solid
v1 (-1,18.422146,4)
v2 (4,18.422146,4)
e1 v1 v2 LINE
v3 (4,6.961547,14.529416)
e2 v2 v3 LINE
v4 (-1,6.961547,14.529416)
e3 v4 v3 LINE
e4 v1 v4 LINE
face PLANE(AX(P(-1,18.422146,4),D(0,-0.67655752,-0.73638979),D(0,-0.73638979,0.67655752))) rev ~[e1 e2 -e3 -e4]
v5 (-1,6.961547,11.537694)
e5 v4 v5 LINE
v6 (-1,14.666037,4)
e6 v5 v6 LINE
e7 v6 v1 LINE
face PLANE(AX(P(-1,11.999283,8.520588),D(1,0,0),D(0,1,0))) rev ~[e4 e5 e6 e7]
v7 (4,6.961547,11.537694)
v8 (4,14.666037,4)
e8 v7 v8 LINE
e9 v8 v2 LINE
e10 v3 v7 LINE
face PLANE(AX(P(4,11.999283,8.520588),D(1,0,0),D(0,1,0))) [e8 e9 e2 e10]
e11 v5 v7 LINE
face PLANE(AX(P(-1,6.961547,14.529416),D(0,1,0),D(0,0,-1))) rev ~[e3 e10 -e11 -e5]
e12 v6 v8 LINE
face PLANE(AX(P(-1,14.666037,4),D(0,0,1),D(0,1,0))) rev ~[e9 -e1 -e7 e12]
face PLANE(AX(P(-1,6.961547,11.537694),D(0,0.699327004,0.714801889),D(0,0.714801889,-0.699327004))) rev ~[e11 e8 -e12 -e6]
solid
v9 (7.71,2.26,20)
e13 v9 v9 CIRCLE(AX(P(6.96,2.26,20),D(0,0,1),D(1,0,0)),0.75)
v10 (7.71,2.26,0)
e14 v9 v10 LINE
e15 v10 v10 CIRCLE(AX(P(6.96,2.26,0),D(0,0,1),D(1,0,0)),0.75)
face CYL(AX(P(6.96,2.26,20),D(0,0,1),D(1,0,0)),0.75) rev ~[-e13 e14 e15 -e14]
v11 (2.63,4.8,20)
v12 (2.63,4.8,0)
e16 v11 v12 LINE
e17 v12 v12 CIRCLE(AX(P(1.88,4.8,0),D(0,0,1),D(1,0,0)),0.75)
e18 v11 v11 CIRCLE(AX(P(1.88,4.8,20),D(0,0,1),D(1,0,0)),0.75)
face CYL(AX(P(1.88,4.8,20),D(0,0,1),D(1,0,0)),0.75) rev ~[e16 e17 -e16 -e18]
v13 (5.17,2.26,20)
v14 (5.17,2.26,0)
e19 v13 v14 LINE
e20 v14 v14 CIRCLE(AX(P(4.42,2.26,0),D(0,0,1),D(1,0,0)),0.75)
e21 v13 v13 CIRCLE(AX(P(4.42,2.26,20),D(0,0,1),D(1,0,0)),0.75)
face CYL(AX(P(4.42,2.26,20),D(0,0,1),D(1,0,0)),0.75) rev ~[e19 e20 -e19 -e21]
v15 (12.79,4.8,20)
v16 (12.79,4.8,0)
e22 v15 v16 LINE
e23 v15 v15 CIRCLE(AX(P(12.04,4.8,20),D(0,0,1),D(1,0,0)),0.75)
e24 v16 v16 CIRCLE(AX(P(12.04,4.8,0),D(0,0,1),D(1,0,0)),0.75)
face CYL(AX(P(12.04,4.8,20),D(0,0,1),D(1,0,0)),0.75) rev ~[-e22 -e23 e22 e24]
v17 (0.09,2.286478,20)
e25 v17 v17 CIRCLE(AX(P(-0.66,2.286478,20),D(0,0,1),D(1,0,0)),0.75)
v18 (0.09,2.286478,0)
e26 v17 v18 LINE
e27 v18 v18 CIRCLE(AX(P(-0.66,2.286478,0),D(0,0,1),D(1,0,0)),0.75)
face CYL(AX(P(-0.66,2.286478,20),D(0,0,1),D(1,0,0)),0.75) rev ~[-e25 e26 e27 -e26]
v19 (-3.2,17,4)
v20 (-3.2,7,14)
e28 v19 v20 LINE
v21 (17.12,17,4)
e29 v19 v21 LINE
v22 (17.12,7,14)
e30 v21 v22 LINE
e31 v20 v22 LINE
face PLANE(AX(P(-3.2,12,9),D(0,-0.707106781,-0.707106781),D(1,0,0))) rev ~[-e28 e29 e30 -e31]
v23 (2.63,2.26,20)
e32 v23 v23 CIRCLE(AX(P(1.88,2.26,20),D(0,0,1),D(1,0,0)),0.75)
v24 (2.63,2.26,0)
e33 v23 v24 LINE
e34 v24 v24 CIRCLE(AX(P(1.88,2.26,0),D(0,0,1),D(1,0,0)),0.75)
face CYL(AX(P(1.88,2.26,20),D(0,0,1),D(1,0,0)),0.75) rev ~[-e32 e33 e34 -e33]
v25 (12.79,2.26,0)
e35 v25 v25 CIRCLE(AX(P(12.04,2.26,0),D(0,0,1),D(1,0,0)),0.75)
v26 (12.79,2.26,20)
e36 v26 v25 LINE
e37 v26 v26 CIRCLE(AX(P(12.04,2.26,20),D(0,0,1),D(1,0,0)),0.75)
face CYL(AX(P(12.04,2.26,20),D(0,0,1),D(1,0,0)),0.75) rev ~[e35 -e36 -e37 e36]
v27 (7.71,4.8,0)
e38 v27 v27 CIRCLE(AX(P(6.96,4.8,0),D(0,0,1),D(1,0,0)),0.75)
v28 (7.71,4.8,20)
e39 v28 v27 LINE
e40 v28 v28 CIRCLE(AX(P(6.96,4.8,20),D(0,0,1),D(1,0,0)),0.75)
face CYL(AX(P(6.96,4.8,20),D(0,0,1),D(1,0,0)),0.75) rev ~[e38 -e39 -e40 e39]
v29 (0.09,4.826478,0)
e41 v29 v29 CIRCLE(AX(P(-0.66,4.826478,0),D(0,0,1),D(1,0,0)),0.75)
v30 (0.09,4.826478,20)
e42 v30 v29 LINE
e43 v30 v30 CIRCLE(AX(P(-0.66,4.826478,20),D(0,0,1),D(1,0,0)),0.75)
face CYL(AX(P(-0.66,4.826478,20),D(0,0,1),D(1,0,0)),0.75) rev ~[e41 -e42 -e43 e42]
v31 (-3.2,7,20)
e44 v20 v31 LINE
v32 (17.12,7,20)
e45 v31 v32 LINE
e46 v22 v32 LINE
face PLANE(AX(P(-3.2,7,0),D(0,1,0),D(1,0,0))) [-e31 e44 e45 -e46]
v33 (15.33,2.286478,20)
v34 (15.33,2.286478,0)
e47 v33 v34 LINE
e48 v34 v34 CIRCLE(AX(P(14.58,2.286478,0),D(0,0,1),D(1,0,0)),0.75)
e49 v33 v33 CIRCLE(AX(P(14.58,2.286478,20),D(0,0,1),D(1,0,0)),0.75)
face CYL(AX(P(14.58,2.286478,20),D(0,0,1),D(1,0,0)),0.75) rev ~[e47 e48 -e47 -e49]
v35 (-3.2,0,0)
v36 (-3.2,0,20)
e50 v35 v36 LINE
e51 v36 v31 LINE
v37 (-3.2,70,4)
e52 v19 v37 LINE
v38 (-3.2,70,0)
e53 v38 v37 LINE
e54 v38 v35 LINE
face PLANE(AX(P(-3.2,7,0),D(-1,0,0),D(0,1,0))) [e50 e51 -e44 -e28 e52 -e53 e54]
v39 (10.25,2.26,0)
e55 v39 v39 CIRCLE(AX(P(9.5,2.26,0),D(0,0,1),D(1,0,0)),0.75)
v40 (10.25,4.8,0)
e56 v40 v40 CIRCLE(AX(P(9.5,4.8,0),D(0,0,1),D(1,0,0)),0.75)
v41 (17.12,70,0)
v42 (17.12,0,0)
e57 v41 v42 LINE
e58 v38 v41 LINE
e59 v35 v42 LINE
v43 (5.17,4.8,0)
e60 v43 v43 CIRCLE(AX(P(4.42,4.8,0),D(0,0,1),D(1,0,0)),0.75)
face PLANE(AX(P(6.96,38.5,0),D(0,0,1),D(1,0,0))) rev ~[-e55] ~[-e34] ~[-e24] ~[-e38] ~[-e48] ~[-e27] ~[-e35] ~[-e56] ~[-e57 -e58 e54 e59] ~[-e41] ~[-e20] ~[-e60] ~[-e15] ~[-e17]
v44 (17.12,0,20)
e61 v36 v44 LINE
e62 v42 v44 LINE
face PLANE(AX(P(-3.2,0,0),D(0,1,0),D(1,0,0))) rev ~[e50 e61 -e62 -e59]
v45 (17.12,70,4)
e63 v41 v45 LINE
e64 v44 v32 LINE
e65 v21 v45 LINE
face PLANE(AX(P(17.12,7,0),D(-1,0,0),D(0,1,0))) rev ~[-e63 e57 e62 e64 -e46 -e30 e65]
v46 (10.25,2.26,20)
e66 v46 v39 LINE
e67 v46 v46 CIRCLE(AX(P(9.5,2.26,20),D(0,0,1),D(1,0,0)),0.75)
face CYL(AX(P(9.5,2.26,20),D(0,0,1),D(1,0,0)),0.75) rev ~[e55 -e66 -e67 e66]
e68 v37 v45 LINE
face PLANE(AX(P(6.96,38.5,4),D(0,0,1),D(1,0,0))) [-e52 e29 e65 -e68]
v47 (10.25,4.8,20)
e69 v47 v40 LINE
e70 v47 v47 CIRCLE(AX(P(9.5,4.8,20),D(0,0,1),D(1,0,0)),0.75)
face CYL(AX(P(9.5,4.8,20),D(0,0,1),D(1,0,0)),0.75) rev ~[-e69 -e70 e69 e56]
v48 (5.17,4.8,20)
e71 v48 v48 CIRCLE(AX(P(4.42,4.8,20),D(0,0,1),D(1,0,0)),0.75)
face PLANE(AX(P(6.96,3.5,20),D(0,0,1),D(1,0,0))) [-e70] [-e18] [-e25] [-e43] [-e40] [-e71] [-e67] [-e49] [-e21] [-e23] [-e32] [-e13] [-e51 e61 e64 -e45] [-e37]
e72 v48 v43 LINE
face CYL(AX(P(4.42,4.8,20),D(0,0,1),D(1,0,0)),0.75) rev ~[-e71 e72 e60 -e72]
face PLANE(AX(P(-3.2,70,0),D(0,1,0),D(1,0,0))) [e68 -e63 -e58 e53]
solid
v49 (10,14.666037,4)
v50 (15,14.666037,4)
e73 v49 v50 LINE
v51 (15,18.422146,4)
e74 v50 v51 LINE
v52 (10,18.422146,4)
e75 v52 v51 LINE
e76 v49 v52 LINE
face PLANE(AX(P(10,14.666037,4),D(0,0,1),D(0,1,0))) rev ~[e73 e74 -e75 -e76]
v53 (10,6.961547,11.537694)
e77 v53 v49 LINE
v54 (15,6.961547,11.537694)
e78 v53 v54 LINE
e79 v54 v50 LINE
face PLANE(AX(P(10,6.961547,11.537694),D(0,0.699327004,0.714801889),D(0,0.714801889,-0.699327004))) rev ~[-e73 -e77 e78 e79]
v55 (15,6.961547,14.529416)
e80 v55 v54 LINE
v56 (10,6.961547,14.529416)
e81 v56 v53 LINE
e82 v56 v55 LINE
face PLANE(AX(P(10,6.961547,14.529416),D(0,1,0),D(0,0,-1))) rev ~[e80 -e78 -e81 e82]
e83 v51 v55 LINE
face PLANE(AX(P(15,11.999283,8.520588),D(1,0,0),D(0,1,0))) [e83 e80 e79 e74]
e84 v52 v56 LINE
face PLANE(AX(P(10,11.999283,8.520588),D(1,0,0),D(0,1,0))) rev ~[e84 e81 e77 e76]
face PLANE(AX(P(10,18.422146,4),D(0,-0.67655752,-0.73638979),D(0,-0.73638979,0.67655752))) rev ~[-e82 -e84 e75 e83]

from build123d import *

# Parameters (mm, degrees)
PAD_DEPTH    = 5
PAD001_DEPTH = 5
BOX002_W     = 20.32
BOX002_H     = 63
BOX002_DEPTH = 4
BOX_W        = 20.32
BOX_H        = 7
BOX_DEPTH    = 20
SKETCH_R     = 0.75
POCKET_DEPTH = 20
CHAMFER_SIZE = 10


with BuildPart() as pad:
    # Sketch001 → Pad (new body)
    with BuildSketch(Plane.YZ.offset(-1)):
        Polygon((6.961547, 14.529416), (6.961547, 11.537694), (14.666037, 4), (18.422146, 4), align=None)
    extrude(amount=PAD_DEPTH)


with BuildPart() as pad001:
    # Sketch002 → Pad001 (new body)
    with BuildSketch(Plane.YZ.offset(10)):
        Polygon((6.961547, 14.529416), (6.961547, 11.537694), (14.666037, 4), (18.422146, 4), align=None)
    extrude(amount=PAD001_DEPTH)


with BuildPart() as cube002:
    # Box002 → Box002 (new body)
    with BuildSketch(Plane(origin=(-3.2, 7, 0), x_dir=(1, 0, 0), z_dir=(0, 0, 1))):
        with Locations((10.16, 31.5)):
            Rectangle(BOX002_W, BOX002_H)
    extrude(amount=BOX002_DEPTH)


with BuildPart() as chamfer_body:
    # Box → Box (new body)
    with BuildSketch(Plane(origin=(-3.2, 0, 0), x_dir=(1, 0, 0), z_dir=(0, 0, 1))):
        with Locations((10.16, 3.5)):
            Rectangle(BOX_W, BOX_H)
    extrude(amount=BOX_DEPTH)

    # Sketch → Pocket (cut)
    with BuildSketch(Plane(origin=(-3.2, 0, 20), x_dir=(1, 0, 0), z_dir=(0, 0, 1))):
        with Locations((5.08, 2.26)):
            Circle(SKETCH_R)
        with Locations((7.62, 2.26)):
            Circle(SKETCH_R)
        with Locations((10.16, 2.26)):
            Circle(SKETCH_R)
        with Locations((12.7, 2.26)):
            Circle(SKETCH_R)
        with Locations((15.24, 2.26)):
            Circle(SKETCH_R)
        with Locations((5.08, 4.8)):
            Circle(SKETCH_R)
        with Locations((7.62, 4.8)):
            Circle(SKETCH_R)
        with Locations((10.16, 4.8)):
            Circle(SKETCH_R)
        with Locations((12.7, 4.8)):
            Circle(SKETCH_R)
        with Locations((15.24, 4.8)):
            Circle(SKETCH_R)
        with Locations((2.54, 2.286478)):
            Circle(SKETCH_R)
        with Locations((2.54, 4.826478)):
            Circle(SKETCH_R)
        with Locations((17.78, 2.286478)):
            Circle(SKETCH_R)
    extrude(amount=-POCKET_DEPTH, mode=Mode.SUBTRACT)

    # Fusion: union Cube002
    add(cube002.part)

    # Chamfer
    chamfer_edges = [chamfer_body.edges().sort_by_distance(p)[0] for p in [
        (6.96, 7, 4),
    ]]
    chamfer(chamfer_edges, length=CHAMFER_SIZE)


solid = Compound([pad.part, pad001.part, chamfer_body.part])
